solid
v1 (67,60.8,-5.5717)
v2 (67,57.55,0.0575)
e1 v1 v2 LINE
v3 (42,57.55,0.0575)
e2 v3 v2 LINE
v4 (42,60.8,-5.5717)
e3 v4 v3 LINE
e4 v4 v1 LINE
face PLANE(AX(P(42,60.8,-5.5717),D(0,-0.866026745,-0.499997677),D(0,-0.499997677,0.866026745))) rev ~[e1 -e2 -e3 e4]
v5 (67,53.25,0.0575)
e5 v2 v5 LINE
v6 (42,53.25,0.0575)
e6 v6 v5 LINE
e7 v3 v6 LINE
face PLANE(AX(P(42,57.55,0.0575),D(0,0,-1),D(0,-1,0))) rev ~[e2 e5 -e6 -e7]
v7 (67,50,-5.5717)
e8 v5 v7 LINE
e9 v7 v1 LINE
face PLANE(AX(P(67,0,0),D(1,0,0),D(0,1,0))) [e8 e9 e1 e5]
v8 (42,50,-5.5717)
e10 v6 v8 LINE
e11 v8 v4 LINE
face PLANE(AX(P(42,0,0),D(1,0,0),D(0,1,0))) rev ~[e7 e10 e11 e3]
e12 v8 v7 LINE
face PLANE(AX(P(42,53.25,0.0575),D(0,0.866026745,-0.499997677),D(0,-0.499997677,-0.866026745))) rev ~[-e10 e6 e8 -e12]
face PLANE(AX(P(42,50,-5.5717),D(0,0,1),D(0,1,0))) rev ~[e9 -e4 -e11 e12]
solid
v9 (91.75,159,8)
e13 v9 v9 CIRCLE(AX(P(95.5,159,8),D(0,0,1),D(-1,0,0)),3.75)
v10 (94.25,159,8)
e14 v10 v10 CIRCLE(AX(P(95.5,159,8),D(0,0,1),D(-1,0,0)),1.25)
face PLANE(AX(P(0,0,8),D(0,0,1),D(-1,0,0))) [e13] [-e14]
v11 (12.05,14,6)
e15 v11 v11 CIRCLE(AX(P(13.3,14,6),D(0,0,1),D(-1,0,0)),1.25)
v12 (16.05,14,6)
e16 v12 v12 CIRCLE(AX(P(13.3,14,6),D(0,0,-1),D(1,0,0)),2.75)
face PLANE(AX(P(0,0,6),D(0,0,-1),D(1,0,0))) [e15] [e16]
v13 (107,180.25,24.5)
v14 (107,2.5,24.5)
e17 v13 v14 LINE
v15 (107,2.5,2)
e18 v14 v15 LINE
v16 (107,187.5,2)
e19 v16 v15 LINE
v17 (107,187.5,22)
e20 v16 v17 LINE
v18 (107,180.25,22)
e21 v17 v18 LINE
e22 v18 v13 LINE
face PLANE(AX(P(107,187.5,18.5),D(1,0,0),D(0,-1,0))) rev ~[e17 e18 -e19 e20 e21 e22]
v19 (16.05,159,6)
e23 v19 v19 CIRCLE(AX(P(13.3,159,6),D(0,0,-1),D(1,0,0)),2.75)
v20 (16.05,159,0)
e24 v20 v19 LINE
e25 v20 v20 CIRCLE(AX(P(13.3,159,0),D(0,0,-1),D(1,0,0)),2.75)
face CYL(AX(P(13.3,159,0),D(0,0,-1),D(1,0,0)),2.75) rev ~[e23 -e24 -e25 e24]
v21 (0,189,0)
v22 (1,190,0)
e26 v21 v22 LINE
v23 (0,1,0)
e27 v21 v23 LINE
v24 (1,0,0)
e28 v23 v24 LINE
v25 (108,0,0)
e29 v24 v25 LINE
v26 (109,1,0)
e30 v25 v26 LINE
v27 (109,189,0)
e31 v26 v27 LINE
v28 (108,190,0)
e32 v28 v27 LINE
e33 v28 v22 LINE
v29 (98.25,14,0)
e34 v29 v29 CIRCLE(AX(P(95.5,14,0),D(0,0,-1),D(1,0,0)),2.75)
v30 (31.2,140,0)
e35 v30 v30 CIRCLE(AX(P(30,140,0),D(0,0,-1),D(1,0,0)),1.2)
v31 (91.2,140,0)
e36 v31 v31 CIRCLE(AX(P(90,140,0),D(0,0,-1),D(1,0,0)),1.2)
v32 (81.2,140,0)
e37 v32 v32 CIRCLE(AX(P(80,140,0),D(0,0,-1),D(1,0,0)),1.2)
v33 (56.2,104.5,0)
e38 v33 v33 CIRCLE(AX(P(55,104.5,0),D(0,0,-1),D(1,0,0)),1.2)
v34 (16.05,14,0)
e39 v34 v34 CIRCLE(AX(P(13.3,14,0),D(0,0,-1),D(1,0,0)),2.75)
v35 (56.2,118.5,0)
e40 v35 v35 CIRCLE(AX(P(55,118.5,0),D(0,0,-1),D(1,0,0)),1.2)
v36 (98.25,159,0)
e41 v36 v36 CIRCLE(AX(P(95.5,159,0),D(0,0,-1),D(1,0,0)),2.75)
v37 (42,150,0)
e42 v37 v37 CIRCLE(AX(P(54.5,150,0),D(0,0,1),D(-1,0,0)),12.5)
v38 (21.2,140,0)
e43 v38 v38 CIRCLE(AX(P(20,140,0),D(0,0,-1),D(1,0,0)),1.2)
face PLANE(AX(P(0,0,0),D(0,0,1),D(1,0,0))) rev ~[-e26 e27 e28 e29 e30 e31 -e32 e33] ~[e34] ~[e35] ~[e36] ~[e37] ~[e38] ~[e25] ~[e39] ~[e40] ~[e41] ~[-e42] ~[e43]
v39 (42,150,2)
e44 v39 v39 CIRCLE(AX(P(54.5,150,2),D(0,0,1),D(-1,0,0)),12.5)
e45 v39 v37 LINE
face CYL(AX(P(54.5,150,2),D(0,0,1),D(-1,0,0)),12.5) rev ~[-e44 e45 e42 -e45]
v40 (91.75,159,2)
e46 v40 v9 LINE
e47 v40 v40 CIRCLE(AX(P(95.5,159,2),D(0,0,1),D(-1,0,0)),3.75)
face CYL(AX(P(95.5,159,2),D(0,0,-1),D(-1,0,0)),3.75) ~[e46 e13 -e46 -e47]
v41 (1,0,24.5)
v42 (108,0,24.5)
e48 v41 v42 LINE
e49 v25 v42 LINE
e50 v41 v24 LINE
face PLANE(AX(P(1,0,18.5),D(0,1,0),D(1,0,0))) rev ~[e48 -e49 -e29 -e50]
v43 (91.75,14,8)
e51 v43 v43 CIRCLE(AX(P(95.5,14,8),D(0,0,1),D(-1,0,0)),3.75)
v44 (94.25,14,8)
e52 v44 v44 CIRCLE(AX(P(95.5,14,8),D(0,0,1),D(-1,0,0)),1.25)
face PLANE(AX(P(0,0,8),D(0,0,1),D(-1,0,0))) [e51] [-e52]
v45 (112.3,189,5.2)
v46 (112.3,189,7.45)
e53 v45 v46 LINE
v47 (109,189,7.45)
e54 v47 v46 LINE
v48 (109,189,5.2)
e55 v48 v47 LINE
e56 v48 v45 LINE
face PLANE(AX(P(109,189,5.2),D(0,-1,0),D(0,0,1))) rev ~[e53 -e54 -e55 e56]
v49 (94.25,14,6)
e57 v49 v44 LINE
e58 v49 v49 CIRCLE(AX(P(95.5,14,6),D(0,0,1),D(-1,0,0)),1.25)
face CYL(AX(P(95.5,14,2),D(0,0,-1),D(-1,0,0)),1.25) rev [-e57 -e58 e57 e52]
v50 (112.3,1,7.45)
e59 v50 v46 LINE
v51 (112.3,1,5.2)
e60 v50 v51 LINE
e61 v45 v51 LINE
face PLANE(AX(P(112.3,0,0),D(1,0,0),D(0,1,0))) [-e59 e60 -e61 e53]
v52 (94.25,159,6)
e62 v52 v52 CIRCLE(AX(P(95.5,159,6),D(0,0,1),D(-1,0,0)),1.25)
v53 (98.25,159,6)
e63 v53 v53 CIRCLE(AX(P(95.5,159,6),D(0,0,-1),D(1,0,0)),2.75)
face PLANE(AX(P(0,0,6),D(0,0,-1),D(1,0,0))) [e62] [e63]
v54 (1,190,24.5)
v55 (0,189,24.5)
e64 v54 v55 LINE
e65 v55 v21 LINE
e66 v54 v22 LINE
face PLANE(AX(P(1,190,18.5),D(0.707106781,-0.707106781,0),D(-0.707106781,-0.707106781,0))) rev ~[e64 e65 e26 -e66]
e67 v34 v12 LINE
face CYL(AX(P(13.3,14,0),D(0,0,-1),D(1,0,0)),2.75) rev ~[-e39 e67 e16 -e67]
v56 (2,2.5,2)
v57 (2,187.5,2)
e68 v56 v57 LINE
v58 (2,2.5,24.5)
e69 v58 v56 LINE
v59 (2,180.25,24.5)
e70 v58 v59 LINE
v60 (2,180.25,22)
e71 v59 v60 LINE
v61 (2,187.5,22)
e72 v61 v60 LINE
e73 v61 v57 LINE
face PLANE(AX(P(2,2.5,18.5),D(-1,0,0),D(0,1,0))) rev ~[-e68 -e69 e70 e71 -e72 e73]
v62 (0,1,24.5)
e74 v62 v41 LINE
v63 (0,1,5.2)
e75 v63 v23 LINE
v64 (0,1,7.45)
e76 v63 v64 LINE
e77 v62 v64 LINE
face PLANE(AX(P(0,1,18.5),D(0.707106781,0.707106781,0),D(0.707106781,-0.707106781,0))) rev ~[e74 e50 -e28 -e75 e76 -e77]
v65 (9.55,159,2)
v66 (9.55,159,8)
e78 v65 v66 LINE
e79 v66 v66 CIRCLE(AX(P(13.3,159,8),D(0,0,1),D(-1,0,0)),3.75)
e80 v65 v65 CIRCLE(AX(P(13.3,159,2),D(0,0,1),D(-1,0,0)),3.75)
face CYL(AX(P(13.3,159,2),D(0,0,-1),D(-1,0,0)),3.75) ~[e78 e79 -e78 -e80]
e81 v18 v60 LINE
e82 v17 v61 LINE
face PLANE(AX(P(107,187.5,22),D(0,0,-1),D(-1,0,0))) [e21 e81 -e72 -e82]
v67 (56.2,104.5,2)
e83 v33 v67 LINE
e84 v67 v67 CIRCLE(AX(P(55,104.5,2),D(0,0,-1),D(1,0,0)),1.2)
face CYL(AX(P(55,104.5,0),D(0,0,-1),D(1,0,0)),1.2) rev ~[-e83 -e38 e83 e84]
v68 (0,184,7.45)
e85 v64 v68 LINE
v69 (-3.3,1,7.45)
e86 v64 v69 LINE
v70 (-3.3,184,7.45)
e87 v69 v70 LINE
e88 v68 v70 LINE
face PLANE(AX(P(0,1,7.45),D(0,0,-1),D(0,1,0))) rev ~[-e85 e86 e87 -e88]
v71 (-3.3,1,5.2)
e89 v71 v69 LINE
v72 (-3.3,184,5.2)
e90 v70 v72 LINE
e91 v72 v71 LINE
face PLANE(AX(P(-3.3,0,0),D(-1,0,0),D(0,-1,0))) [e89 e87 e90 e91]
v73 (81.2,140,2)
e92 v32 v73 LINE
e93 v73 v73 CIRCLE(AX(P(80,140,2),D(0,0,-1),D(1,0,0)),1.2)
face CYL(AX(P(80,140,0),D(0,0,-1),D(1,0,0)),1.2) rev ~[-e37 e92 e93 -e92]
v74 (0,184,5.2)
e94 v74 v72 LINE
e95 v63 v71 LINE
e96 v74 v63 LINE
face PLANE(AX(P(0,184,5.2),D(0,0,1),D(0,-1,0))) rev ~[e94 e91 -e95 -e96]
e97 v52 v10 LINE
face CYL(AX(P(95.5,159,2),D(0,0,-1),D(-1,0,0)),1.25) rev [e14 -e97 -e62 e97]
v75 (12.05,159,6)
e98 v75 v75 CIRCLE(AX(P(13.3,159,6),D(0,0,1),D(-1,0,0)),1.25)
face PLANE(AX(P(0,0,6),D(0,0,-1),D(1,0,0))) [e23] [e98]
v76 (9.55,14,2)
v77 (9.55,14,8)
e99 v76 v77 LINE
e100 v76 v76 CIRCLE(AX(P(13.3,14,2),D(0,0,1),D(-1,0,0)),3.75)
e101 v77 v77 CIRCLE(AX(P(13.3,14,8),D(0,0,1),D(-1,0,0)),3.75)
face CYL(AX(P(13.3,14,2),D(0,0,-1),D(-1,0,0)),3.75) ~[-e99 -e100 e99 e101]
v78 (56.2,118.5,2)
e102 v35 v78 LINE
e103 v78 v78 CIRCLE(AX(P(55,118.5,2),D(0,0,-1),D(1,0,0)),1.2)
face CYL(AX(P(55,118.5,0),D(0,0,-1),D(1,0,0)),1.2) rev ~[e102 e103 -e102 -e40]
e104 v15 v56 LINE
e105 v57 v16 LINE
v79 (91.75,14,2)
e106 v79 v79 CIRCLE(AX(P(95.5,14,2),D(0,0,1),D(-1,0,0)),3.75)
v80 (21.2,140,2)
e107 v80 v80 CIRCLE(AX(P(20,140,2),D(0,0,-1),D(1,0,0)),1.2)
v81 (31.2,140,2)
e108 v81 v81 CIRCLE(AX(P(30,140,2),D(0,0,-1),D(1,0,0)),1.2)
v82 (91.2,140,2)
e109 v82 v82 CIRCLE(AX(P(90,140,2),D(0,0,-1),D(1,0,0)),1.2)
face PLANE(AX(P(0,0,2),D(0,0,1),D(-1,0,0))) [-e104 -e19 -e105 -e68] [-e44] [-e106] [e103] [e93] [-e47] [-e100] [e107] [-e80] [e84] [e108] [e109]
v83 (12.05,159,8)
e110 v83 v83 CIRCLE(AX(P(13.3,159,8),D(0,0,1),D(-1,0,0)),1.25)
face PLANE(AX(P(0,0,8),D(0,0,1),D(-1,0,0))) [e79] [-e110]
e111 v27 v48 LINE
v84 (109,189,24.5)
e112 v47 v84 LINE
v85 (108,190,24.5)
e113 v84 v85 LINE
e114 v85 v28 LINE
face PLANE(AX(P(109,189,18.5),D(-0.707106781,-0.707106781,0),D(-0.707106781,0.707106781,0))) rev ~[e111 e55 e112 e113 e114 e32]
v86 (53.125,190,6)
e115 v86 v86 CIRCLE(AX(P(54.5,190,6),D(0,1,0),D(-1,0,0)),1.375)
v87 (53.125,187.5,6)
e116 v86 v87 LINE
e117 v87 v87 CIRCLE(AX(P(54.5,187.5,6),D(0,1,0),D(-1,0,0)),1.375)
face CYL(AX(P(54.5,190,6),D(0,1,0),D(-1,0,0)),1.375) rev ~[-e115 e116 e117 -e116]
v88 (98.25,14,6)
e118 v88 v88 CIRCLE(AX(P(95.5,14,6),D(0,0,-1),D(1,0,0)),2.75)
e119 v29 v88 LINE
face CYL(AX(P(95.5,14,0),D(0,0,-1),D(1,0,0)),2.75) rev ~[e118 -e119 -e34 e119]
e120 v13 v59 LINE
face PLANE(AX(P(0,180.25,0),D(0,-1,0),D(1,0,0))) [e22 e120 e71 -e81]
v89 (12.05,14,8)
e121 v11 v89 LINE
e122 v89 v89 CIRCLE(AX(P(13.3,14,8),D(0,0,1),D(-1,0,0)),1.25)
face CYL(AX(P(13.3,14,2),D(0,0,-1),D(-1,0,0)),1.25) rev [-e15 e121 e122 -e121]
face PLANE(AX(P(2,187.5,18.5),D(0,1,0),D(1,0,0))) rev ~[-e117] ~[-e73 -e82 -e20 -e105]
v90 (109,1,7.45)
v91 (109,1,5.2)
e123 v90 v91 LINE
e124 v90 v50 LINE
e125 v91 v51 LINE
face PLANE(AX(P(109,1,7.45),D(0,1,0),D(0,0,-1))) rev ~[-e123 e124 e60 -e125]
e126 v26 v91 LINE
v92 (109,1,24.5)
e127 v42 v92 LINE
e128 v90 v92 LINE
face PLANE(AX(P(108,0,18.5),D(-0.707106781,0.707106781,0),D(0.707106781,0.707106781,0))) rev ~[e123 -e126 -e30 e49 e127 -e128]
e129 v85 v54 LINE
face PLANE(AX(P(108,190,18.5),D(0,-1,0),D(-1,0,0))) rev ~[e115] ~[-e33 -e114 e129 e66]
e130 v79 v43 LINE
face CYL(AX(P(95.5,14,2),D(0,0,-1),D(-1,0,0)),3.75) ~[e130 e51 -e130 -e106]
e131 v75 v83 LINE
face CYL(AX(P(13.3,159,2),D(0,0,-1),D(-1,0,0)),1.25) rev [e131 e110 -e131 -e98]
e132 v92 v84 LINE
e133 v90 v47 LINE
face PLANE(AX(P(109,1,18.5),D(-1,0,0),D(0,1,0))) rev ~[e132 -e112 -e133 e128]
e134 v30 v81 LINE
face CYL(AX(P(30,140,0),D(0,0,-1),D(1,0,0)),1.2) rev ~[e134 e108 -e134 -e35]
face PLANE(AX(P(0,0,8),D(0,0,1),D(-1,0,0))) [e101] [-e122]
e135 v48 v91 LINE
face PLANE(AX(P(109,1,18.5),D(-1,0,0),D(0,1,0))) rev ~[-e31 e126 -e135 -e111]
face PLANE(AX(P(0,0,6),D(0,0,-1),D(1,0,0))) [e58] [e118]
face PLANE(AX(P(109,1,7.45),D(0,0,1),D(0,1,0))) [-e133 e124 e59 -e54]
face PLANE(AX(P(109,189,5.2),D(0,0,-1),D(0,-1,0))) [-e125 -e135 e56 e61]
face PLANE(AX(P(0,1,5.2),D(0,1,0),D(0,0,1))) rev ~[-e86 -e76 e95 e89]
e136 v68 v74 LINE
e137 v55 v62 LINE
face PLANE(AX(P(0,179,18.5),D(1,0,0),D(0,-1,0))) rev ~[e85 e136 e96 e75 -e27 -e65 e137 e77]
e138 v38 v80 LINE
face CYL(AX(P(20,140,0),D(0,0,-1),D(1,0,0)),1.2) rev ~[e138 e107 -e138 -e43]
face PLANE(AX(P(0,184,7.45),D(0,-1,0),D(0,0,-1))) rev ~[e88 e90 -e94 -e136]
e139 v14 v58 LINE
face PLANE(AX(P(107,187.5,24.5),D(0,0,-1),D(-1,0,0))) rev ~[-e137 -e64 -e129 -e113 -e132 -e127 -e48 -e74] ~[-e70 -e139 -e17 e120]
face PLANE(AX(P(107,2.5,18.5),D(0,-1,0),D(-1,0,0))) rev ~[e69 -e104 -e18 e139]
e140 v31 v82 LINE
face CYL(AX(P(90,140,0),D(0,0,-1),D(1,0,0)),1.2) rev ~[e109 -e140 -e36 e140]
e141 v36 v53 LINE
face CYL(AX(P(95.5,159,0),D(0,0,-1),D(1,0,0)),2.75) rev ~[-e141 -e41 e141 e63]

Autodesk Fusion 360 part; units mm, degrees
sketch "Sketch1" plane through (0, 0, 0) normal (0, 0, 1) x (1, 0, 0)
  line L0 (0, 0) -> (109, 0)
  line L1 (109, 0) -> (109, 190)
  line L2 (109, 190) -> (0, 190)
  line L3 (0, 190) -> (0, 0)
  dimension "d1" = 190
  dimension "d2" = 109
extrude "Extrude1" add sketch "Sketch1" along normal blind 18.5 makes body 1
sketch "Sketch2" plane through (0, 0, 18.5) normal (0, 0, 1) x (-1, 0, 0)
  line L0 (0, -190) -> (0, 0)
  line L1 (0, 0) -> (-109, 0)
  line L2 (-109, 0) -> (-109, -190)
  line L3 (-109, -190) -> (0, -190)
  line L4 (-2, -187.5) -> (-107, -187.5)
  line L5 (-107, -187.5) -> (-107, -2.5)
  line L6 (-107, -2.5) -> (-2, -2.5)
  line L7 (-2, -2.5) -> (-2, -187.5)
  dimension "d5" = 2.5
  dimension "d6" = 2.5
  dimension "d7" = 2
  dimension "d8" = 2
extrude "Extrude2" cut sketch "Sketch2" against normal blind 16.5 contours L4 L5 L6 L7 bodies 1
chamfer "Chamfer1" distance 1 angle 45 4 edges at (0, 190, 9.25) (109, 190, 9.25) (0, 0, 9.25) (109, 0, 9.25) on bodies 1
sketch "Sketch3" plane through (0, 0, 2) normal (0, 0, 1) x (-1, 0, 0)
  line L0 (-2, -2.5) -> (-107, -2.5)
  line L1 (-107, -2.5) -> (-107, -187.5)
  line L2 (-107, -187.5) -> (-2, -187.5)
  line L3 (-2, -187.5) -> (-2, -2.5)
  circle A0 centre (-13.3, -159) radius 1.25
  circle A1 centre (-95.5, -159) radius 1.25
  circle A2 centre (-13.3, -14) radius 1.25
  circle A3 centre (-95.5, -14) radius 1.25
  dimension "d12" = 2.5
  dimension "d13" = 2.5
  dimension "d14" = 2.5
  dimension "d15" = 2.5
  dimension "d17" = 11.3
  dimension "d18" = 11.5
  dimension "d20" = 11.5
  dimension "d21" = 11.5
  dimension "d22" = 11.3
  dimension "d23" = 11.5
  dimension "d26" = 145
  dimension "d27" = 145
extrude "Extrude3" cut sketch "Sketch3" against normal blind 2.5 contours A0 | A1 | A2 | A3 bodies 1
sketch "Sketch4" plane through (0, 0, 0) normal (0, 0, -1) x (1, 0, 0)
  circle A0 centre (95.5, -14) radius 1.25
  circle A1 centre (95.5, -159) radius 1.25
  circle A2 centre (13.3, -14) radius 1.25
  circle A3 centre (13.3, -159) radius 1.25
  line L0 (109, -1) -> (108, 0)
  line L1 (108, 0) -> (1, 0)
  line L2 (1, 0) -> (0, -1)
  line L3 (0, -1) -> (0, -189)
  line L4 (0, -189) -> (1, -190)
  line L5 (1, -190) -> (108, -190)
  line L6 (108, -190) -> (109, -189)
  line L7 (109, -189) -> (109, -1)
  line L8 (6, -177.5) -> (6, -75)
  line L9 (103, -75) -> (103, -177.5)
  line L10 (8.5, -175) -> (8.5, -75)
  line L11 (100.5, -75) -> (100.5, -175)
  line L12 (103, -75) -> (100.5, -75)
  line L13 (8.5, -75) -> (6, -75)
  line L14 (100.5, -175) -> (100.5, -177.5)
  line L15 (8.5, -175) -> (8.5, -177.5)
  line L16 (103, -177.5) -> (103, -190)
  line L17 (6, -190) -> (6, -177.5)
  line L18 (100.5, -177.5) -> (100.5, -190)
  line L19 (103, -190) -> (100.5, -190)
  line L20 (8.5, -177.5) -> (8.5, -190)
  line L21 (6, -190) -> (8.5, -190)
  line L22 (8.5, -190) -> (6, -190)
  dimension "d28" = 6
  dimension "d29" = 6
  dimension "d32" = 2.5
  dimension "d34" = 2.5
  dimension "d38" = 115
  dimension "d39" = 115
sketch "Sketch5" plane through (0, 0, 2) normal (0, 0, 1) x (-1, 0, 0)
  circle A0 centre (-95.5, -14) radius 1.25
  circle A1 centre (-95.5, -159) radius 1.25
  circle A2 centre (-13.3, -14) radius 1.25
  circle A3 centre (-13.3, -159) radius 1.25
  line L0 (-2, -2.5) -> (-107, -2.5)
  line L1 (-107, -2.5) -> (-107, -187.5)
  line L2 (-107, -187.5) -> (-2, -187.5)
  line L3 (-2, -187.5) -> (-2, -2.5)
  circle A4 centre (-54.5, -150) radius 12.5
  line L4 (-109, -189) -> (-109, -1)
  line L5 (-1, -190) -> (-108, -190)
  dimension "d42" = 54.5
  dimension "d43" = 40
  dimension "d44" = 25
extrude "Extrude6" cut sketch "Sketch5" against normal blind 2.5 contours A4 bodies 1
ref_plane "WorkPlane1" through (42, 0, 0) normal (1, 0, 0) x (0, 1, 0)
sketch "Sketch16" plane through (42, 0, 0) normal (1, 0, 0) x (0, 1, 0)
  line L0 (57.55, 0.0575) -> (53.25, 0.0575)
  line L1 (50, -5.5717) -> (60.8, -5.5717)
  line L2 (60.8, -5.5717) -> (57.55, 0.0575)
  line L3 (53.25, 0.0575) -> (50, -5.5717)
  dimension "d74" = 120
  dimension "d75" = 120
  dimension "d76" = 10.8
  dimension "d77" = 6.5
  dimension "d90" = 50
extrude "Extrude16" add sketch "Sketch16" along normal blind 25 separate body makes body 2
sketch "Sketch17" plane through (0, 0, 0) normal (0, 0, -1) x (1, 0, 0)
  circle A0 centre (13.3, -14) radius 1.25
  circle A1 centre (95.5, -14) radius 1.25
  line L0 (1, -190) -> (108, -190)
  line L1 (108, -190) -> (109, -189)
  line L2 (109, -189) -> (109, -1)
  line L3 (109, -1) -> (108, 0)
  line L4 (108, 0) -> (1, 0)
  line L5 (1, 0) -> (0, -1)
  line L6 (0, -1) -> (0, -189)
  line L7 (0, -189) -> (1, -190)
  circle A2 centre (13.3, -159) radius 1.25
  circle A3 centre (95.5, -159) radius 1.25
  circle A4 centre (54.5, -150) radius 12.5
  line L8 (100.5, -182.7) -> (8.5, -182.7)
  line L9 (8.5, -182.7) -> (8.5, -180.7)
  line L10 (8.5, -180.7) -> (100.5, -180.7)
  line L11 (100.5, -180.7) -> (100.5, -182.7)
  dimension "d81" = 2
sketch "Sketch20" plane through (0, 0, 2) normal (0, 0, 1) x (-1, 0, 0)
  circle A0 centre (-54.5, -150) radius 12.5
  circle A1 centre (-95.5, -14) radius 1.25
  circle A2 centre (-95.5, -159) radius 1.25
  circle A3 centre (-13.3, -14) radius 1.25
  circle A4 centre (-13.3, -159) radius 1.25
  line L0 (-2, -2.5) -> (-107, -2.5)
  line L1 (-107, -2.5) -> (-107, -187.5)
  line L2 (-107, -187.5) -> (-2, -187.5)
  line L3 (-2, -187.5) -> (-2, -2.5)
  circle A5 centre (-13.3, -159) radius 3.75
  circle A6 centre (-95.5, -159) radius 3.75
  circle A7 centre (-13.3, -14) radius 3.75
  circle A8 centre (-95.5, -14) radius 3.75
  dimension "d91" = 7.5
  dimension "d92" = 7.5
  dimension "d93" = 7.5
  dimension "d94" = 7.5
extrude "Extrude20" add sketch "Sketch20" along normal blind 6 contours A5 | A6 | A7 | A8 bodies 1
sketch "Sketch21" plane through (0, 0, 18.5) normal (0, 0, 1) x (-1, 0, 0)
  line L0 (-107, -187.5) -> (-107, -2.5)
  line L1 (-107, -2.5) -> (-2, -2.5)
  line L2 (-2, -2.5) -> (-2, -187.5)
  line L3 (-2, -187.5) -> (-107, -187.5)
  line L4 (-108, 0) -> (-109, -1)
  line L5 (-109, -1) -> (-109, -189)
  line L6 (-109, -189) -> (-108, -190)
  line L7 (-108, -190) -> (-1, -190)
  line L8 (-1, -190) -> (0, -189)
  line L9 (0, -189) -> (0, -1)
  line L10 (0, -1) -> (-1, 0)
  line L11 (-1, 0) -> (-108, 0)
  line L12 (-1, -190) -> (-108, -190)
  line L13 (-109, -179) -> (-109, -1)
  line L14 (-108, 0) -> (-1, 0)
  line L15 (0, -1) -> (0, -179)
  line L16 (-108, 0) -> (-109, -1)
  line L17 (0, -1) -> (-1, 0)
  line L18 (0, -189) -> (-1, -190)
  line L19 (-108, -190) -> (-109, -189)
  line L20 (-2, -187.5) -> (-107, -187.5)
  line L21 (-107, -187.5) -> (-107, -2.5)
  line L22 (-107, -2.5) -> (-2, -2.5)
  line L23 (-2, -2.5) -> (-2, -187.5)
extrude "Extrude21" add sketch "Sketch21" along normal blind 6 bodies 1
sketch "Sketch23" plane through (0, 187.5, 0) normal (0, -1, 0) x (1, 0, 0)
  line L0 (2, 24.5) -> (2, 2)
  line L1 (2, 2) -> (107, 2)
  line L2 (107, 2) -> (107, 24.5)
  line L3 (107, 24.5) -> (2, 24.5)
  line L4 (2, 24.5) -> (107, 24.5)
  line L5 (107, 24.5) -> (107, 22)
  line L6 (107, 22) -> (2, 22)
  line L7 (2, 22) -> (2, 24.5)
extrude "Extrude22" add sketch "Sketch23" along normal blind 7.25 contours L0 L2 L3 L4 L5 L6 L7 bodies 1
sketch "Sketch24" plane through (0, 0, 0) normal (0, 0, -1) x (1, 0, 0)
  circle A0 centre (95.5, -14) radius 1.25
  circle A1 centre (13.3, -14) radius 1.25
  circle A2 centre (13.3, -159) radius 1.25
  circle A3 centre (95.5, -159) radius 1.25
  circle A4 centre (54.5, -150) radius 12.5
  line L0 (1, -190) -> (108, -190)
  line L1 (108, -190) -> (109, -189)
  line L2 (109, -189) -> (109, -1)
  line L3 (109, -1) -> (108, 0)
  line L4 (108, 0) -> (1, 0)
  line L5 (1, 0) -> (0, -1)
  line L6 (0, -1) -> (0, -189)
  line L7 (0, -189) -> (1, -190)
  circle A5 centre (13.3, -14) radius 2.75
  circle A6 centre (95.5, -14) radius 2.75
  circle A7 centre (95.5, -159) radius 2.75
  circle A8 centre (13.3, -159) radius 2.75
  circle A9 centre (90, -140) radius 1.2
  circle A10 centre (80, -140) radius 1.2
  circle A11 centre (30, -140) radius 1.2
  circle A12 centre (20, -140) radius 1.2
  circle A13 centre (55, -118.5) radius 1.2
  circle A14 centre (55, -104.5) radius 1.2
  line L8 (2, -2.5) -> (2, -187.5)
  line L9 (42, -60.8) -> (67, -60.8)
  dimension "d102" = 2.4
  dimension "d103" = 2.4
  dimension "d104" = 2.4
  dimension "d105" = 2.4
  dimension "d106" = 5.5
  dimension "d107" = 5.5
  dimension "d108" = 5.5
  dimension "d109" = 5.5
  dimension "d114" = 2.4
  dimension "d115" = 2.4
  dimension "d117" = 14
  dimension "d128" = 53
  dimension "d129" = 53
  dimension "d130" = 43.7
extrude "Extrude23" cut sketch "Sketch24" against normal blind 6 contours A5 | A6 | A7 | A8 bodies 1
extrude "Extrude24" cut sketch "Sketch24" against normal blind 2 contours A9 | A10 | A11 | A12 | A13 | A14 bodies 1
sketch "Sketch25" plane through (0, 0, 0) normal (-1, 0, 0) x (0, -1, 0)
  line L0 (-1, 24.5) -> (-189, 24.5)
  line L1 (-189, 0) -> (-1, 0)
  line L2 (-1, 7.45) -> (-184, 7.45)
  line L3 (-184, 7.45) -> (-184, 5.2)
  line L4 (-184, 5.2) -> (-1, 5.2)
  line L5 (-1, 5.2) -> (-1, 7.45)
  line L6 (-16.75, 0) -> (-11.25, 0)
  dimension "d121" = 2.25
  dimension "d132" = 5.2
extrude "Extrude25" add sketch "Sketch25" along normal blind 3.3 bodies 1
sketch "Sketch26" plane through (109, 0, 0) normal (1, 0, 0) x (0, 1, 0)
  line L0 (1, 24.5) -> (1, 0)
  line L1 (1, 0) -> (189, 0)
  line L2 (189, 0) -> (189, 24.5)
  line L3 (189, 24.5) -> (1, 24.5)
  line L4 (1, 7.45) -> (189, 7.45)
  line L5 (189, 7.45) -> (189, 5.2)
  line L6 (189, 5.2) -> (1, 5.2)
  line L7 (1, 5.2) -> (1, 7.45)
  line L8 (189, 0) -> (1, 0)
  dimension "d124" = 2.25
  dimension "d131" = 5.2
extrude "Extrude26" add sketch "Sketch26" along normal blind 3.3 contours L0 L2 L4 L5 L6 L7 bodies 1
sketch "Sketch27" plane through (0, 190, 0) normal (0, 1, 0) x (-1, 0, 0)
  line L0 (-108, 24.5) -> (-108, 0)
  line L1 (-108, 0) -> (-1, 0)
  line L2 (-1, 0) -> (-1, 24.5)
  line L3 (-1, 24.5) -> (-108, 24.5)
  circle A0 centre (-54.5, 6) radius 1.375
  point P0 (-54.5, 0)
  dimension "d133" = 2.75
  dimension "d134" = 6
  dimension "d135" = 53.5
extrude "Extrude27" cut sketch "Sketch27" against normal blind 3 contours A0 bodies 1
